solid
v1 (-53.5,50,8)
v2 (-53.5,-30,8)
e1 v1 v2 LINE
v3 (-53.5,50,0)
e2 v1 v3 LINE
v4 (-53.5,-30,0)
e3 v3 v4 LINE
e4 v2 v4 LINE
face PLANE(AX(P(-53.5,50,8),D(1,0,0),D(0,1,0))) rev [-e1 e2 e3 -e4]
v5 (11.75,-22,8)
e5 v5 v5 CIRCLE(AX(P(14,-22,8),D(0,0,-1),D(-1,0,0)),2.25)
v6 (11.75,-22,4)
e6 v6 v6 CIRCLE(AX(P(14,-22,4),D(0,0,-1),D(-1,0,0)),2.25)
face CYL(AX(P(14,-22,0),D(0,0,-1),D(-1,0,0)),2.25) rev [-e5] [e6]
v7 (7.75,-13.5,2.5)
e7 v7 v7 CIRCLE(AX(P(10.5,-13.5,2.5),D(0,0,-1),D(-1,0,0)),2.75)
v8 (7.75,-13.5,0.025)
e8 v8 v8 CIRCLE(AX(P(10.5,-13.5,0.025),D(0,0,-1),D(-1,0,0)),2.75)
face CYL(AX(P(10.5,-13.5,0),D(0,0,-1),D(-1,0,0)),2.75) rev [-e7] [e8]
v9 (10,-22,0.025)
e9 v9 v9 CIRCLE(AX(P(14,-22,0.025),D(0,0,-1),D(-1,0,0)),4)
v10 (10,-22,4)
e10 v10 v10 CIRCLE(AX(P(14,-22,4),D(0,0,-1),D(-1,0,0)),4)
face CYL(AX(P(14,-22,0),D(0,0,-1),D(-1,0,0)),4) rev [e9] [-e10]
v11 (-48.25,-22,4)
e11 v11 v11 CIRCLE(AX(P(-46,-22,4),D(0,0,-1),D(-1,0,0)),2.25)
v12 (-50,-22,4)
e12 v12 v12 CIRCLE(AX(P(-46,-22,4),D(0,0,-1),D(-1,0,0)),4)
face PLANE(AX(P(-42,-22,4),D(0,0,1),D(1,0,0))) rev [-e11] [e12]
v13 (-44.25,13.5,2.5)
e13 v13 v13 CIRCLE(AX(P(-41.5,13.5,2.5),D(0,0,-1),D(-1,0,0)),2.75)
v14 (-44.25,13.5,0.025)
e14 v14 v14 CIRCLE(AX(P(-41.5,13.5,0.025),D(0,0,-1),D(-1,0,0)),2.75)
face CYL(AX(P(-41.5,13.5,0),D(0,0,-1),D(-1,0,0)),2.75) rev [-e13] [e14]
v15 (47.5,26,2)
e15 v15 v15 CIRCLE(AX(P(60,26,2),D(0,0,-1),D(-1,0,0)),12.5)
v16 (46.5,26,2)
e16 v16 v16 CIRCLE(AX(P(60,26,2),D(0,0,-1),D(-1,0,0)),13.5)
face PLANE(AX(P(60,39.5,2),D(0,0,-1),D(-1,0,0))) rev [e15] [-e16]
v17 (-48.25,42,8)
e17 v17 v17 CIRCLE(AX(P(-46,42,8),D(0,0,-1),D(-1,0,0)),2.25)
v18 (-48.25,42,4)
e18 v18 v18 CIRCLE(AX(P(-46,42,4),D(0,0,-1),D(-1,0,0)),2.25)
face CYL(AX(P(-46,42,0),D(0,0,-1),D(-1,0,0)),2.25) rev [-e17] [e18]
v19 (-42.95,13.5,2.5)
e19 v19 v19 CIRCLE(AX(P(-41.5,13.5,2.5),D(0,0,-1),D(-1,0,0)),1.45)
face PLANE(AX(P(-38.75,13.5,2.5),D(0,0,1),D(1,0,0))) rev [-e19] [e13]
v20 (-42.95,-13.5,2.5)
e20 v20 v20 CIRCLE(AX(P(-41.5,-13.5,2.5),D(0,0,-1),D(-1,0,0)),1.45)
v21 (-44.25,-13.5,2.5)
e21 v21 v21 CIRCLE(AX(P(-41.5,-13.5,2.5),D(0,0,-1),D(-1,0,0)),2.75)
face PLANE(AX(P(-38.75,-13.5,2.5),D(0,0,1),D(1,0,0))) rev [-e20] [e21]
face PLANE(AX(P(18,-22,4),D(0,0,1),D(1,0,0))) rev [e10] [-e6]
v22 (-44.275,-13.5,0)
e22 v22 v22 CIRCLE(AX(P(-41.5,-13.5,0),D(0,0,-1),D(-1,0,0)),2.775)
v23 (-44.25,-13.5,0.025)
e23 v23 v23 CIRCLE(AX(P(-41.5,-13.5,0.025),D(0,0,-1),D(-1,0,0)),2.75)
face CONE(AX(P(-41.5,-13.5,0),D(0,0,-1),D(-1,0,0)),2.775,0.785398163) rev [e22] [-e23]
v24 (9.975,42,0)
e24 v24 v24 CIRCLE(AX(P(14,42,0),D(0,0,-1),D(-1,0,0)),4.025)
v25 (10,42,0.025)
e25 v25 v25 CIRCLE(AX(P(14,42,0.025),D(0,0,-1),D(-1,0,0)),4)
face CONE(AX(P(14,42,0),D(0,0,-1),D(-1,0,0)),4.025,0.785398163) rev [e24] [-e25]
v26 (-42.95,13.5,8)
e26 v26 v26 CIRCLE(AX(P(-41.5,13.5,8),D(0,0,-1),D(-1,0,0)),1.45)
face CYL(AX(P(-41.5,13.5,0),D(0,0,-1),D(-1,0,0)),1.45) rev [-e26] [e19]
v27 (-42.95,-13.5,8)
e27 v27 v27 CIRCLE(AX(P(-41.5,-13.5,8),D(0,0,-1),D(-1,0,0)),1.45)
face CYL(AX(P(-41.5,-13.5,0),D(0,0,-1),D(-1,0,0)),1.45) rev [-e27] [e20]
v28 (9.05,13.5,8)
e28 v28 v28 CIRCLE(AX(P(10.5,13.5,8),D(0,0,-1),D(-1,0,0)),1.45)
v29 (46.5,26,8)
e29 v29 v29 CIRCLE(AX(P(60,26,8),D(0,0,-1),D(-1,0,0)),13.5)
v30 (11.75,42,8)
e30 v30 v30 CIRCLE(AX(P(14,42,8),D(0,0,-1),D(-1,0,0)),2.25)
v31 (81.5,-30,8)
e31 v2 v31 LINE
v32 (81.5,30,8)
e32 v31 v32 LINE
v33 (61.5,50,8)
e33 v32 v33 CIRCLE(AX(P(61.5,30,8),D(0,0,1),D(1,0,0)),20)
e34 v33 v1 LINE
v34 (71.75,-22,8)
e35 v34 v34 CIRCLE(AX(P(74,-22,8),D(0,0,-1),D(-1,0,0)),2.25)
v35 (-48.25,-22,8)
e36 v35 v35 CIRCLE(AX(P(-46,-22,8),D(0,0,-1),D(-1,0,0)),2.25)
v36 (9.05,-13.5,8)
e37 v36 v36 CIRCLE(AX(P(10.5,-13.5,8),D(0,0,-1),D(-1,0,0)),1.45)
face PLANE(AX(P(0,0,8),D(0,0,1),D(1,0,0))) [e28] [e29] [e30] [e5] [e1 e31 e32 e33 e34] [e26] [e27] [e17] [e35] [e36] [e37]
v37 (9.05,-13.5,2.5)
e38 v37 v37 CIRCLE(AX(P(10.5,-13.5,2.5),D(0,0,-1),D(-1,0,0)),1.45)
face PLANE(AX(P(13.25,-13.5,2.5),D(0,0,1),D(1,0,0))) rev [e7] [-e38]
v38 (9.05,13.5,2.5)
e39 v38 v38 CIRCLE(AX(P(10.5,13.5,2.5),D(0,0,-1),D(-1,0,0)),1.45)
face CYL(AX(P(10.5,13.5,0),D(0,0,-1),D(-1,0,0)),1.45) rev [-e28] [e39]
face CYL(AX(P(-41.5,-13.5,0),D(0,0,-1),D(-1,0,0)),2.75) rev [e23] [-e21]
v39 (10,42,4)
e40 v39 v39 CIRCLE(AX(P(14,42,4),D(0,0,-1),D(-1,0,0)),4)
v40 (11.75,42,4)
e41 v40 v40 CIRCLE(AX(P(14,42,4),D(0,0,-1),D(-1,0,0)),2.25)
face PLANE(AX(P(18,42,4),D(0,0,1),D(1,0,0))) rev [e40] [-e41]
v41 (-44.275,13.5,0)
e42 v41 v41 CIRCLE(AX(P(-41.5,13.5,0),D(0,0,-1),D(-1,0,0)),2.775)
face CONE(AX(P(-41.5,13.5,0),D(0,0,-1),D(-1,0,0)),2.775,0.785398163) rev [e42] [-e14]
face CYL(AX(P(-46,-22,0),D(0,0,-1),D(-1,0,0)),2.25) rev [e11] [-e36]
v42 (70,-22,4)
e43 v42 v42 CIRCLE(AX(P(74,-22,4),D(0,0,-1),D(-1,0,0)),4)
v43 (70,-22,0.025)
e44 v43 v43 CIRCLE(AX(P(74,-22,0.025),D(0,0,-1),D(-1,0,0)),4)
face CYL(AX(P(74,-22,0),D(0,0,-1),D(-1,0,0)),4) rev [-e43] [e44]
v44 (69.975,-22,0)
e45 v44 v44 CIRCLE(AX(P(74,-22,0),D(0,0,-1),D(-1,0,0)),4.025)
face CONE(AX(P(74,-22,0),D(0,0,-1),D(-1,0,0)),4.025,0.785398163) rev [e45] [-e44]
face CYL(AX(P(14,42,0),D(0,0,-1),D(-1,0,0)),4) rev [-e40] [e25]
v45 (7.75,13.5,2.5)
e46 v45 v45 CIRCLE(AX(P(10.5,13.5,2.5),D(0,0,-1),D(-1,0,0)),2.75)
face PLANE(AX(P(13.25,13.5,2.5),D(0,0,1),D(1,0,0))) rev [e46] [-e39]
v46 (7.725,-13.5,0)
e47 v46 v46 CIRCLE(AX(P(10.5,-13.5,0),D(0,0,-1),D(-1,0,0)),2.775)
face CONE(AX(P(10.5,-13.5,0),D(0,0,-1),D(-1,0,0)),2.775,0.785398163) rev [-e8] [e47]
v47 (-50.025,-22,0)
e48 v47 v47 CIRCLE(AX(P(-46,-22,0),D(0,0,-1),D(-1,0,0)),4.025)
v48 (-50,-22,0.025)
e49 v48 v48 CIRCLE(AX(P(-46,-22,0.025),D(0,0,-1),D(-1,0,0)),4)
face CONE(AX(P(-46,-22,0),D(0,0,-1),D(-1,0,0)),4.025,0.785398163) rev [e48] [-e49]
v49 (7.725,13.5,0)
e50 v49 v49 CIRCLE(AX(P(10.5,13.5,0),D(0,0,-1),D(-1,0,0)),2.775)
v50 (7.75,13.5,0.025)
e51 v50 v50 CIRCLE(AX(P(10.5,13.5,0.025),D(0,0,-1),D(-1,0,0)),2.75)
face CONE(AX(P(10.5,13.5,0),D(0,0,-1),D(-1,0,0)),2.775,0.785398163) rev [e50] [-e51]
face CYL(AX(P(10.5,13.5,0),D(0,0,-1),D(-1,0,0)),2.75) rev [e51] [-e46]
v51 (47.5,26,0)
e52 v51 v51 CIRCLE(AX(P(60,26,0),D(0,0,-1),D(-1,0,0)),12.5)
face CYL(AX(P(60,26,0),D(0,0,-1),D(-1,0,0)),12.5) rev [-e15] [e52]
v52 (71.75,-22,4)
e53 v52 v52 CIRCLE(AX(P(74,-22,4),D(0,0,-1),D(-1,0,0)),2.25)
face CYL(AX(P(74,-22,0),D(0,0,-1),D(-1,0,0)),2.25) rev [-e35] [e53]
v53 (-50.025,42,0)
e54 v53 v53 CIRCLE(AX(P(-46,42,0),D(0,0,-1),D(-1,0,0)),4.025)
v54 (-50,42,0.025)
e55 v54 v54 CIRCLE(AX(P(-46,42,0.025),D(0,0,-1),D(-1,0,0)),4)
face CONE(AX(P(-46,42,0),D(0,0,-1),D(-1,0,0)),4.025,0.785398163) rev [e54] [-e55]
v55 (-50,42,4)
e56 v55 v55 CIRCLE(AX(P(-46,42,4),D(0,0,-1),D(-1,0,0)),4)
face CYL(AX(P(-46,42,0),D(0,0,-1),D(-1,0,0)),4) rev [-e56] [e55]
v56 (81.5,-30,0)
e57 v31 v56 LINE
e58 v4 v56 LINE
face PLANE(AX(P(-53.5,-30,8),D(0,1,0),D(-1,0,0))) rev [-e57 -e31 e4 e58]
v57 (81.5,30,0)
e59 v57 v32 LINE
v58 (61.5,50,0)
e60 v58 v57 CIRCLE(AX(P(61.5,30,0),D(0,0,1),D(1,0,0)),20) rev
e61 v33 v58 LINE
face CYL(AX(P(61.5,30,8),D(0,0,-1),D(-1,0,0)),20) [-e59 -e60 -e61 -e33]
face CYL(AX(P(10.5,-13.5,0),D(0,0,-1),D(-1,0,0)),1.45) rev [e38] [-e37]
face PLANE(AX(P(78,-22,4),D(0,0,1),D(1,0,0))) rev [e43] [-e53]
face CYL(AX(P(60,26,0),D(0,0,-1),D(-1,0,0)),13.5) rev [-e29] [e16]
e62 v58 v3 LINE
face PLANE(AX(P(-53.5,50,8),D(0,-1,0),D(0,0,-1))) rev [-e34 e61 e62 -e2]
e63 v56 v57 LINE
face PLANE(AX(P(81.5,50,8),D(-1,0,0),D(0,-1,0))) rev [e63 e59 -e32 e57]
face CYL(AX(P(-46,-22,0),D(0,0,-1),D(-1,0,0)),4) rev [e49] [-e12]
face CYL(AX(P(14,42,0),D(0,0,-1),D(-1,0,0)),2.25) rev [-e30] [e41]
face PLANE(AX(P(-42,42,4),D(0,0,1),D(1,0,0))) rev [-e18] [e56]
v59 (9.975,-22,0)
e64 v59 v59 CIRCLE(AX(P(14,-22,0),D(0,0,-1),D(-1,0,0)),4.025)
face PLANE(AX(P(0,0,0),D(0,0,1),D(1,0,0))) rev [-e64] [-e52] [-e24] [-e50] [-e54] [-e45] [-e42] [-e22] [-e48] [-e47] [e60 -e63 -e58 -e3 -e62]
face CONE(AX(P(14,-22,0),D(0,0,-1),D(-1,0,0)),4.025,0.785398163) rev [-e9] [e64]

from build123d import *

# Parameters (mm, degrees)
SKETCH1_W                       = 135
SKETCH1_H                       = 80
BOSS_EXTRUDE1_DEPTH             = 8
CBORE_FOR_M2_5_SHCS1_AT_2_COUNT = 2
CBORE_FOR_M2_5_SHCS1_AT_2_PITCH = 27
CBORE_FOR_M2_5_SHCS1_AT_3_COUNT = 2
CBORE_FOR_M2_5_SHCS1_AT_3_PITCH = 58.591808301
CBORE_FOR_M2_5_SHCS1_AT_4_COUNT = 2
CBORE_FOR_M2_5_SHCS1_AT_4_PITCH = 52
CBORE_FOR_M4_SHCS3_AT_2_COUNT   = 2
CBORE_FOR_M4_SHCS3_AT_2_PITCH   = 60
CBORE_FOR_M4_SHCS3_AT_3_COUNT   = 2
CBORE_FOR_M4_SHCS3_AT_3_PITCH   = 120
CBORE_FOR_M4_SHCS3_AT_4_COUNT   = 2
CBORE_FOR_M4_SHCS3_AT_4_PITCH   = 64
CBORE_FOR_M4_SHCS3_AT_5_COUNT   = 2
CBORE_FOR_M4_SHCS3_AT_5_PITCH   = 87.726848798
FILLET1_R                       = 20


with BuildPart() as part:
    # Sketch1 → Boss-Extrude1 (new body)
    with BuildSketch(Plane.XY):
        with Locations((14, 10)):
            Rectangle(SKETCH1_W, SKETCH1_H)
    extrude(amount=BOSS_EXTRUDE1_DEPTH)

    # Sketch4 → CBORE for M2.5 SHCS1 (revolve, cut)
    with BuildSketch(Plane(origin=(10.5, 13.5, 0), x_dir=(0, 1, 0), z_dir=(1, 0, 0))):
        Polygon((0, 0), (0, 8), (1.45, 8), (1.45, 2.5), (2.75, 2.5), (2.75, 0.025), (2.775, 0), align=None)
    cbore_for_m2_5_shcs1 = revolve(axis=Axis((10.5, 13.5, -6.35), (0, 0, 1)), mode=Mode.SUBTRACT)

    # CBORE for M2.5 SHCS1 at 2: CBORE for M2.5 SHCS1 ×2
    with Locations(*[(0, -i * CBORE_FOR_M2_5_SHCS1_AT_2_PITCH, 0) for i in range(1, CBORE_FOR_M2_5_SHCS1_AT_2_COUNT)]):
        add(cbore_for_m2_5_shcs1, mode=Mode.SUBTRACT)

    # CBORE for M2.5 SHCS1 at 3: CBORE for M2.5 SHCS1 ×2
    with Locations(*[Vector(-0.8874960768017397, -0.4608152706470572, 0) * (i * CBORE_FOR_M2_5_SHCS1_AT_3_PITCH) for i in range(1, CBORE_FOR_M2_5_SHCS1_AT_3_COUNT)]):
        add(cbore_for_m2_5_shcs1, mode=Mode.SUBTRACT)

    # CBORE for M2.5 SHCS1 at 4: CBORE for M2.5 SHCS1 ×2
    with Locations(*[(-i * CBORE_FOR_M2_5_SHCS1_AT_4_PITCH, 0, 0) for i in range(1, CBORE_FOR_M2_5_SHCS1_AT_4_COUNT)]):
        add(cbore_for_m2_5_shcs1, mode=Mode.SUBTRACT)

    # Sketch5 → Cut-Revolve1 (revolve, cut)
    with BuildSketch(Plane(origin=(60, 0, 0), x_dir=(0, 0, -1), z_dir=(1, 0, 0))):
        Polygon((-8, 39.5), (-2, 39.5), (-2, 38.5), (0, 38.5), (0, 26), (-8, 26), align=None)
    revolve(axis=Axis((60, 26, 0), (0, 0, 1)), mode=Mode.SUBTRACT)

    # Sketch17 → CBORE for M4 SHCS3 (revolve, cut)
    with BuildSketch(Plane(origin=(-46, -22, 0), x_dir=(0, 1, 0), z_dir=(1, 0, 0))):
        Polygon((0, 0), (0, 8), (2.25, 8), (2.25, 4), (4, 4), (4, 0.025), (4.025, 0), align=None)
    cbore_for_m4_shcs3 = revolve(axis=Axis((-46, -22, -6.35), (0, 0, 1)), mode=Mode.SUBTRACT)

    # CBORE for M4 SHCS3 at 2: CBORE for M4 SHCS3 ×2
    with Locations(*[(i * CBORE_FOR_M4_SHCS3_AT_2_PITCH, 0, 0) for i in range(1, CBORE_FOR_M4_SHCS3_AT_2_COUNT)]):
        add(cbore_for_m4_shcs3, mode=Mode.SUBTRACT)

    # CBORE for M4 SHCS3 at 3: CBORE for M4 SHCS3 ×2
    with Locations(*[(i * CBORE_FOR_M4_SHCS3_AT_3_PITCH, 0, 0) for i in range(1, CBORE_FOR_M4_SHCS3_AT_3_COUNT)]):
        add(cbore_for_m4_shcs3, mode=Mode.SUBTRACT)

    # CBORE for M4 SHCS3 at 4: CBORE for M4 SHCS3 ×2
    with Locations(*[(0, i * CBORE_FOR_M4_SHCS3_AT_4_PITCH, 0) for i in range(1, CBORE_FOR_M4_SHCS3_AT_4_COUNT)]):
        add(cbore_for_m4_shcs3, mode=Mode.SUBTRACT)

    # CBORE for M4 SHCS3 at 5: CBORE for M4 SHCS3 ×2
    with Locations(*[Vector(0.6839411288813297, 0.7295372041400852, 0) * (i * CBORE_FOR_M4_SHCS3_AT_5_PITCH) for i in range(1, CBORE_FOR_M4_SHCS3_AT_5_COUNT)]):
        add(cbore_for_m4_shcs3, mode=Mode.SUBTRACT)

    # Fillet1
    fillet1_edges = [part.edges().sort_by_distance(p)[0] for p in [
        (81.5, 50, 4),
    ]]
    fillet(fillet1_edges, radius=FILLET1_R)


solid = part.part
